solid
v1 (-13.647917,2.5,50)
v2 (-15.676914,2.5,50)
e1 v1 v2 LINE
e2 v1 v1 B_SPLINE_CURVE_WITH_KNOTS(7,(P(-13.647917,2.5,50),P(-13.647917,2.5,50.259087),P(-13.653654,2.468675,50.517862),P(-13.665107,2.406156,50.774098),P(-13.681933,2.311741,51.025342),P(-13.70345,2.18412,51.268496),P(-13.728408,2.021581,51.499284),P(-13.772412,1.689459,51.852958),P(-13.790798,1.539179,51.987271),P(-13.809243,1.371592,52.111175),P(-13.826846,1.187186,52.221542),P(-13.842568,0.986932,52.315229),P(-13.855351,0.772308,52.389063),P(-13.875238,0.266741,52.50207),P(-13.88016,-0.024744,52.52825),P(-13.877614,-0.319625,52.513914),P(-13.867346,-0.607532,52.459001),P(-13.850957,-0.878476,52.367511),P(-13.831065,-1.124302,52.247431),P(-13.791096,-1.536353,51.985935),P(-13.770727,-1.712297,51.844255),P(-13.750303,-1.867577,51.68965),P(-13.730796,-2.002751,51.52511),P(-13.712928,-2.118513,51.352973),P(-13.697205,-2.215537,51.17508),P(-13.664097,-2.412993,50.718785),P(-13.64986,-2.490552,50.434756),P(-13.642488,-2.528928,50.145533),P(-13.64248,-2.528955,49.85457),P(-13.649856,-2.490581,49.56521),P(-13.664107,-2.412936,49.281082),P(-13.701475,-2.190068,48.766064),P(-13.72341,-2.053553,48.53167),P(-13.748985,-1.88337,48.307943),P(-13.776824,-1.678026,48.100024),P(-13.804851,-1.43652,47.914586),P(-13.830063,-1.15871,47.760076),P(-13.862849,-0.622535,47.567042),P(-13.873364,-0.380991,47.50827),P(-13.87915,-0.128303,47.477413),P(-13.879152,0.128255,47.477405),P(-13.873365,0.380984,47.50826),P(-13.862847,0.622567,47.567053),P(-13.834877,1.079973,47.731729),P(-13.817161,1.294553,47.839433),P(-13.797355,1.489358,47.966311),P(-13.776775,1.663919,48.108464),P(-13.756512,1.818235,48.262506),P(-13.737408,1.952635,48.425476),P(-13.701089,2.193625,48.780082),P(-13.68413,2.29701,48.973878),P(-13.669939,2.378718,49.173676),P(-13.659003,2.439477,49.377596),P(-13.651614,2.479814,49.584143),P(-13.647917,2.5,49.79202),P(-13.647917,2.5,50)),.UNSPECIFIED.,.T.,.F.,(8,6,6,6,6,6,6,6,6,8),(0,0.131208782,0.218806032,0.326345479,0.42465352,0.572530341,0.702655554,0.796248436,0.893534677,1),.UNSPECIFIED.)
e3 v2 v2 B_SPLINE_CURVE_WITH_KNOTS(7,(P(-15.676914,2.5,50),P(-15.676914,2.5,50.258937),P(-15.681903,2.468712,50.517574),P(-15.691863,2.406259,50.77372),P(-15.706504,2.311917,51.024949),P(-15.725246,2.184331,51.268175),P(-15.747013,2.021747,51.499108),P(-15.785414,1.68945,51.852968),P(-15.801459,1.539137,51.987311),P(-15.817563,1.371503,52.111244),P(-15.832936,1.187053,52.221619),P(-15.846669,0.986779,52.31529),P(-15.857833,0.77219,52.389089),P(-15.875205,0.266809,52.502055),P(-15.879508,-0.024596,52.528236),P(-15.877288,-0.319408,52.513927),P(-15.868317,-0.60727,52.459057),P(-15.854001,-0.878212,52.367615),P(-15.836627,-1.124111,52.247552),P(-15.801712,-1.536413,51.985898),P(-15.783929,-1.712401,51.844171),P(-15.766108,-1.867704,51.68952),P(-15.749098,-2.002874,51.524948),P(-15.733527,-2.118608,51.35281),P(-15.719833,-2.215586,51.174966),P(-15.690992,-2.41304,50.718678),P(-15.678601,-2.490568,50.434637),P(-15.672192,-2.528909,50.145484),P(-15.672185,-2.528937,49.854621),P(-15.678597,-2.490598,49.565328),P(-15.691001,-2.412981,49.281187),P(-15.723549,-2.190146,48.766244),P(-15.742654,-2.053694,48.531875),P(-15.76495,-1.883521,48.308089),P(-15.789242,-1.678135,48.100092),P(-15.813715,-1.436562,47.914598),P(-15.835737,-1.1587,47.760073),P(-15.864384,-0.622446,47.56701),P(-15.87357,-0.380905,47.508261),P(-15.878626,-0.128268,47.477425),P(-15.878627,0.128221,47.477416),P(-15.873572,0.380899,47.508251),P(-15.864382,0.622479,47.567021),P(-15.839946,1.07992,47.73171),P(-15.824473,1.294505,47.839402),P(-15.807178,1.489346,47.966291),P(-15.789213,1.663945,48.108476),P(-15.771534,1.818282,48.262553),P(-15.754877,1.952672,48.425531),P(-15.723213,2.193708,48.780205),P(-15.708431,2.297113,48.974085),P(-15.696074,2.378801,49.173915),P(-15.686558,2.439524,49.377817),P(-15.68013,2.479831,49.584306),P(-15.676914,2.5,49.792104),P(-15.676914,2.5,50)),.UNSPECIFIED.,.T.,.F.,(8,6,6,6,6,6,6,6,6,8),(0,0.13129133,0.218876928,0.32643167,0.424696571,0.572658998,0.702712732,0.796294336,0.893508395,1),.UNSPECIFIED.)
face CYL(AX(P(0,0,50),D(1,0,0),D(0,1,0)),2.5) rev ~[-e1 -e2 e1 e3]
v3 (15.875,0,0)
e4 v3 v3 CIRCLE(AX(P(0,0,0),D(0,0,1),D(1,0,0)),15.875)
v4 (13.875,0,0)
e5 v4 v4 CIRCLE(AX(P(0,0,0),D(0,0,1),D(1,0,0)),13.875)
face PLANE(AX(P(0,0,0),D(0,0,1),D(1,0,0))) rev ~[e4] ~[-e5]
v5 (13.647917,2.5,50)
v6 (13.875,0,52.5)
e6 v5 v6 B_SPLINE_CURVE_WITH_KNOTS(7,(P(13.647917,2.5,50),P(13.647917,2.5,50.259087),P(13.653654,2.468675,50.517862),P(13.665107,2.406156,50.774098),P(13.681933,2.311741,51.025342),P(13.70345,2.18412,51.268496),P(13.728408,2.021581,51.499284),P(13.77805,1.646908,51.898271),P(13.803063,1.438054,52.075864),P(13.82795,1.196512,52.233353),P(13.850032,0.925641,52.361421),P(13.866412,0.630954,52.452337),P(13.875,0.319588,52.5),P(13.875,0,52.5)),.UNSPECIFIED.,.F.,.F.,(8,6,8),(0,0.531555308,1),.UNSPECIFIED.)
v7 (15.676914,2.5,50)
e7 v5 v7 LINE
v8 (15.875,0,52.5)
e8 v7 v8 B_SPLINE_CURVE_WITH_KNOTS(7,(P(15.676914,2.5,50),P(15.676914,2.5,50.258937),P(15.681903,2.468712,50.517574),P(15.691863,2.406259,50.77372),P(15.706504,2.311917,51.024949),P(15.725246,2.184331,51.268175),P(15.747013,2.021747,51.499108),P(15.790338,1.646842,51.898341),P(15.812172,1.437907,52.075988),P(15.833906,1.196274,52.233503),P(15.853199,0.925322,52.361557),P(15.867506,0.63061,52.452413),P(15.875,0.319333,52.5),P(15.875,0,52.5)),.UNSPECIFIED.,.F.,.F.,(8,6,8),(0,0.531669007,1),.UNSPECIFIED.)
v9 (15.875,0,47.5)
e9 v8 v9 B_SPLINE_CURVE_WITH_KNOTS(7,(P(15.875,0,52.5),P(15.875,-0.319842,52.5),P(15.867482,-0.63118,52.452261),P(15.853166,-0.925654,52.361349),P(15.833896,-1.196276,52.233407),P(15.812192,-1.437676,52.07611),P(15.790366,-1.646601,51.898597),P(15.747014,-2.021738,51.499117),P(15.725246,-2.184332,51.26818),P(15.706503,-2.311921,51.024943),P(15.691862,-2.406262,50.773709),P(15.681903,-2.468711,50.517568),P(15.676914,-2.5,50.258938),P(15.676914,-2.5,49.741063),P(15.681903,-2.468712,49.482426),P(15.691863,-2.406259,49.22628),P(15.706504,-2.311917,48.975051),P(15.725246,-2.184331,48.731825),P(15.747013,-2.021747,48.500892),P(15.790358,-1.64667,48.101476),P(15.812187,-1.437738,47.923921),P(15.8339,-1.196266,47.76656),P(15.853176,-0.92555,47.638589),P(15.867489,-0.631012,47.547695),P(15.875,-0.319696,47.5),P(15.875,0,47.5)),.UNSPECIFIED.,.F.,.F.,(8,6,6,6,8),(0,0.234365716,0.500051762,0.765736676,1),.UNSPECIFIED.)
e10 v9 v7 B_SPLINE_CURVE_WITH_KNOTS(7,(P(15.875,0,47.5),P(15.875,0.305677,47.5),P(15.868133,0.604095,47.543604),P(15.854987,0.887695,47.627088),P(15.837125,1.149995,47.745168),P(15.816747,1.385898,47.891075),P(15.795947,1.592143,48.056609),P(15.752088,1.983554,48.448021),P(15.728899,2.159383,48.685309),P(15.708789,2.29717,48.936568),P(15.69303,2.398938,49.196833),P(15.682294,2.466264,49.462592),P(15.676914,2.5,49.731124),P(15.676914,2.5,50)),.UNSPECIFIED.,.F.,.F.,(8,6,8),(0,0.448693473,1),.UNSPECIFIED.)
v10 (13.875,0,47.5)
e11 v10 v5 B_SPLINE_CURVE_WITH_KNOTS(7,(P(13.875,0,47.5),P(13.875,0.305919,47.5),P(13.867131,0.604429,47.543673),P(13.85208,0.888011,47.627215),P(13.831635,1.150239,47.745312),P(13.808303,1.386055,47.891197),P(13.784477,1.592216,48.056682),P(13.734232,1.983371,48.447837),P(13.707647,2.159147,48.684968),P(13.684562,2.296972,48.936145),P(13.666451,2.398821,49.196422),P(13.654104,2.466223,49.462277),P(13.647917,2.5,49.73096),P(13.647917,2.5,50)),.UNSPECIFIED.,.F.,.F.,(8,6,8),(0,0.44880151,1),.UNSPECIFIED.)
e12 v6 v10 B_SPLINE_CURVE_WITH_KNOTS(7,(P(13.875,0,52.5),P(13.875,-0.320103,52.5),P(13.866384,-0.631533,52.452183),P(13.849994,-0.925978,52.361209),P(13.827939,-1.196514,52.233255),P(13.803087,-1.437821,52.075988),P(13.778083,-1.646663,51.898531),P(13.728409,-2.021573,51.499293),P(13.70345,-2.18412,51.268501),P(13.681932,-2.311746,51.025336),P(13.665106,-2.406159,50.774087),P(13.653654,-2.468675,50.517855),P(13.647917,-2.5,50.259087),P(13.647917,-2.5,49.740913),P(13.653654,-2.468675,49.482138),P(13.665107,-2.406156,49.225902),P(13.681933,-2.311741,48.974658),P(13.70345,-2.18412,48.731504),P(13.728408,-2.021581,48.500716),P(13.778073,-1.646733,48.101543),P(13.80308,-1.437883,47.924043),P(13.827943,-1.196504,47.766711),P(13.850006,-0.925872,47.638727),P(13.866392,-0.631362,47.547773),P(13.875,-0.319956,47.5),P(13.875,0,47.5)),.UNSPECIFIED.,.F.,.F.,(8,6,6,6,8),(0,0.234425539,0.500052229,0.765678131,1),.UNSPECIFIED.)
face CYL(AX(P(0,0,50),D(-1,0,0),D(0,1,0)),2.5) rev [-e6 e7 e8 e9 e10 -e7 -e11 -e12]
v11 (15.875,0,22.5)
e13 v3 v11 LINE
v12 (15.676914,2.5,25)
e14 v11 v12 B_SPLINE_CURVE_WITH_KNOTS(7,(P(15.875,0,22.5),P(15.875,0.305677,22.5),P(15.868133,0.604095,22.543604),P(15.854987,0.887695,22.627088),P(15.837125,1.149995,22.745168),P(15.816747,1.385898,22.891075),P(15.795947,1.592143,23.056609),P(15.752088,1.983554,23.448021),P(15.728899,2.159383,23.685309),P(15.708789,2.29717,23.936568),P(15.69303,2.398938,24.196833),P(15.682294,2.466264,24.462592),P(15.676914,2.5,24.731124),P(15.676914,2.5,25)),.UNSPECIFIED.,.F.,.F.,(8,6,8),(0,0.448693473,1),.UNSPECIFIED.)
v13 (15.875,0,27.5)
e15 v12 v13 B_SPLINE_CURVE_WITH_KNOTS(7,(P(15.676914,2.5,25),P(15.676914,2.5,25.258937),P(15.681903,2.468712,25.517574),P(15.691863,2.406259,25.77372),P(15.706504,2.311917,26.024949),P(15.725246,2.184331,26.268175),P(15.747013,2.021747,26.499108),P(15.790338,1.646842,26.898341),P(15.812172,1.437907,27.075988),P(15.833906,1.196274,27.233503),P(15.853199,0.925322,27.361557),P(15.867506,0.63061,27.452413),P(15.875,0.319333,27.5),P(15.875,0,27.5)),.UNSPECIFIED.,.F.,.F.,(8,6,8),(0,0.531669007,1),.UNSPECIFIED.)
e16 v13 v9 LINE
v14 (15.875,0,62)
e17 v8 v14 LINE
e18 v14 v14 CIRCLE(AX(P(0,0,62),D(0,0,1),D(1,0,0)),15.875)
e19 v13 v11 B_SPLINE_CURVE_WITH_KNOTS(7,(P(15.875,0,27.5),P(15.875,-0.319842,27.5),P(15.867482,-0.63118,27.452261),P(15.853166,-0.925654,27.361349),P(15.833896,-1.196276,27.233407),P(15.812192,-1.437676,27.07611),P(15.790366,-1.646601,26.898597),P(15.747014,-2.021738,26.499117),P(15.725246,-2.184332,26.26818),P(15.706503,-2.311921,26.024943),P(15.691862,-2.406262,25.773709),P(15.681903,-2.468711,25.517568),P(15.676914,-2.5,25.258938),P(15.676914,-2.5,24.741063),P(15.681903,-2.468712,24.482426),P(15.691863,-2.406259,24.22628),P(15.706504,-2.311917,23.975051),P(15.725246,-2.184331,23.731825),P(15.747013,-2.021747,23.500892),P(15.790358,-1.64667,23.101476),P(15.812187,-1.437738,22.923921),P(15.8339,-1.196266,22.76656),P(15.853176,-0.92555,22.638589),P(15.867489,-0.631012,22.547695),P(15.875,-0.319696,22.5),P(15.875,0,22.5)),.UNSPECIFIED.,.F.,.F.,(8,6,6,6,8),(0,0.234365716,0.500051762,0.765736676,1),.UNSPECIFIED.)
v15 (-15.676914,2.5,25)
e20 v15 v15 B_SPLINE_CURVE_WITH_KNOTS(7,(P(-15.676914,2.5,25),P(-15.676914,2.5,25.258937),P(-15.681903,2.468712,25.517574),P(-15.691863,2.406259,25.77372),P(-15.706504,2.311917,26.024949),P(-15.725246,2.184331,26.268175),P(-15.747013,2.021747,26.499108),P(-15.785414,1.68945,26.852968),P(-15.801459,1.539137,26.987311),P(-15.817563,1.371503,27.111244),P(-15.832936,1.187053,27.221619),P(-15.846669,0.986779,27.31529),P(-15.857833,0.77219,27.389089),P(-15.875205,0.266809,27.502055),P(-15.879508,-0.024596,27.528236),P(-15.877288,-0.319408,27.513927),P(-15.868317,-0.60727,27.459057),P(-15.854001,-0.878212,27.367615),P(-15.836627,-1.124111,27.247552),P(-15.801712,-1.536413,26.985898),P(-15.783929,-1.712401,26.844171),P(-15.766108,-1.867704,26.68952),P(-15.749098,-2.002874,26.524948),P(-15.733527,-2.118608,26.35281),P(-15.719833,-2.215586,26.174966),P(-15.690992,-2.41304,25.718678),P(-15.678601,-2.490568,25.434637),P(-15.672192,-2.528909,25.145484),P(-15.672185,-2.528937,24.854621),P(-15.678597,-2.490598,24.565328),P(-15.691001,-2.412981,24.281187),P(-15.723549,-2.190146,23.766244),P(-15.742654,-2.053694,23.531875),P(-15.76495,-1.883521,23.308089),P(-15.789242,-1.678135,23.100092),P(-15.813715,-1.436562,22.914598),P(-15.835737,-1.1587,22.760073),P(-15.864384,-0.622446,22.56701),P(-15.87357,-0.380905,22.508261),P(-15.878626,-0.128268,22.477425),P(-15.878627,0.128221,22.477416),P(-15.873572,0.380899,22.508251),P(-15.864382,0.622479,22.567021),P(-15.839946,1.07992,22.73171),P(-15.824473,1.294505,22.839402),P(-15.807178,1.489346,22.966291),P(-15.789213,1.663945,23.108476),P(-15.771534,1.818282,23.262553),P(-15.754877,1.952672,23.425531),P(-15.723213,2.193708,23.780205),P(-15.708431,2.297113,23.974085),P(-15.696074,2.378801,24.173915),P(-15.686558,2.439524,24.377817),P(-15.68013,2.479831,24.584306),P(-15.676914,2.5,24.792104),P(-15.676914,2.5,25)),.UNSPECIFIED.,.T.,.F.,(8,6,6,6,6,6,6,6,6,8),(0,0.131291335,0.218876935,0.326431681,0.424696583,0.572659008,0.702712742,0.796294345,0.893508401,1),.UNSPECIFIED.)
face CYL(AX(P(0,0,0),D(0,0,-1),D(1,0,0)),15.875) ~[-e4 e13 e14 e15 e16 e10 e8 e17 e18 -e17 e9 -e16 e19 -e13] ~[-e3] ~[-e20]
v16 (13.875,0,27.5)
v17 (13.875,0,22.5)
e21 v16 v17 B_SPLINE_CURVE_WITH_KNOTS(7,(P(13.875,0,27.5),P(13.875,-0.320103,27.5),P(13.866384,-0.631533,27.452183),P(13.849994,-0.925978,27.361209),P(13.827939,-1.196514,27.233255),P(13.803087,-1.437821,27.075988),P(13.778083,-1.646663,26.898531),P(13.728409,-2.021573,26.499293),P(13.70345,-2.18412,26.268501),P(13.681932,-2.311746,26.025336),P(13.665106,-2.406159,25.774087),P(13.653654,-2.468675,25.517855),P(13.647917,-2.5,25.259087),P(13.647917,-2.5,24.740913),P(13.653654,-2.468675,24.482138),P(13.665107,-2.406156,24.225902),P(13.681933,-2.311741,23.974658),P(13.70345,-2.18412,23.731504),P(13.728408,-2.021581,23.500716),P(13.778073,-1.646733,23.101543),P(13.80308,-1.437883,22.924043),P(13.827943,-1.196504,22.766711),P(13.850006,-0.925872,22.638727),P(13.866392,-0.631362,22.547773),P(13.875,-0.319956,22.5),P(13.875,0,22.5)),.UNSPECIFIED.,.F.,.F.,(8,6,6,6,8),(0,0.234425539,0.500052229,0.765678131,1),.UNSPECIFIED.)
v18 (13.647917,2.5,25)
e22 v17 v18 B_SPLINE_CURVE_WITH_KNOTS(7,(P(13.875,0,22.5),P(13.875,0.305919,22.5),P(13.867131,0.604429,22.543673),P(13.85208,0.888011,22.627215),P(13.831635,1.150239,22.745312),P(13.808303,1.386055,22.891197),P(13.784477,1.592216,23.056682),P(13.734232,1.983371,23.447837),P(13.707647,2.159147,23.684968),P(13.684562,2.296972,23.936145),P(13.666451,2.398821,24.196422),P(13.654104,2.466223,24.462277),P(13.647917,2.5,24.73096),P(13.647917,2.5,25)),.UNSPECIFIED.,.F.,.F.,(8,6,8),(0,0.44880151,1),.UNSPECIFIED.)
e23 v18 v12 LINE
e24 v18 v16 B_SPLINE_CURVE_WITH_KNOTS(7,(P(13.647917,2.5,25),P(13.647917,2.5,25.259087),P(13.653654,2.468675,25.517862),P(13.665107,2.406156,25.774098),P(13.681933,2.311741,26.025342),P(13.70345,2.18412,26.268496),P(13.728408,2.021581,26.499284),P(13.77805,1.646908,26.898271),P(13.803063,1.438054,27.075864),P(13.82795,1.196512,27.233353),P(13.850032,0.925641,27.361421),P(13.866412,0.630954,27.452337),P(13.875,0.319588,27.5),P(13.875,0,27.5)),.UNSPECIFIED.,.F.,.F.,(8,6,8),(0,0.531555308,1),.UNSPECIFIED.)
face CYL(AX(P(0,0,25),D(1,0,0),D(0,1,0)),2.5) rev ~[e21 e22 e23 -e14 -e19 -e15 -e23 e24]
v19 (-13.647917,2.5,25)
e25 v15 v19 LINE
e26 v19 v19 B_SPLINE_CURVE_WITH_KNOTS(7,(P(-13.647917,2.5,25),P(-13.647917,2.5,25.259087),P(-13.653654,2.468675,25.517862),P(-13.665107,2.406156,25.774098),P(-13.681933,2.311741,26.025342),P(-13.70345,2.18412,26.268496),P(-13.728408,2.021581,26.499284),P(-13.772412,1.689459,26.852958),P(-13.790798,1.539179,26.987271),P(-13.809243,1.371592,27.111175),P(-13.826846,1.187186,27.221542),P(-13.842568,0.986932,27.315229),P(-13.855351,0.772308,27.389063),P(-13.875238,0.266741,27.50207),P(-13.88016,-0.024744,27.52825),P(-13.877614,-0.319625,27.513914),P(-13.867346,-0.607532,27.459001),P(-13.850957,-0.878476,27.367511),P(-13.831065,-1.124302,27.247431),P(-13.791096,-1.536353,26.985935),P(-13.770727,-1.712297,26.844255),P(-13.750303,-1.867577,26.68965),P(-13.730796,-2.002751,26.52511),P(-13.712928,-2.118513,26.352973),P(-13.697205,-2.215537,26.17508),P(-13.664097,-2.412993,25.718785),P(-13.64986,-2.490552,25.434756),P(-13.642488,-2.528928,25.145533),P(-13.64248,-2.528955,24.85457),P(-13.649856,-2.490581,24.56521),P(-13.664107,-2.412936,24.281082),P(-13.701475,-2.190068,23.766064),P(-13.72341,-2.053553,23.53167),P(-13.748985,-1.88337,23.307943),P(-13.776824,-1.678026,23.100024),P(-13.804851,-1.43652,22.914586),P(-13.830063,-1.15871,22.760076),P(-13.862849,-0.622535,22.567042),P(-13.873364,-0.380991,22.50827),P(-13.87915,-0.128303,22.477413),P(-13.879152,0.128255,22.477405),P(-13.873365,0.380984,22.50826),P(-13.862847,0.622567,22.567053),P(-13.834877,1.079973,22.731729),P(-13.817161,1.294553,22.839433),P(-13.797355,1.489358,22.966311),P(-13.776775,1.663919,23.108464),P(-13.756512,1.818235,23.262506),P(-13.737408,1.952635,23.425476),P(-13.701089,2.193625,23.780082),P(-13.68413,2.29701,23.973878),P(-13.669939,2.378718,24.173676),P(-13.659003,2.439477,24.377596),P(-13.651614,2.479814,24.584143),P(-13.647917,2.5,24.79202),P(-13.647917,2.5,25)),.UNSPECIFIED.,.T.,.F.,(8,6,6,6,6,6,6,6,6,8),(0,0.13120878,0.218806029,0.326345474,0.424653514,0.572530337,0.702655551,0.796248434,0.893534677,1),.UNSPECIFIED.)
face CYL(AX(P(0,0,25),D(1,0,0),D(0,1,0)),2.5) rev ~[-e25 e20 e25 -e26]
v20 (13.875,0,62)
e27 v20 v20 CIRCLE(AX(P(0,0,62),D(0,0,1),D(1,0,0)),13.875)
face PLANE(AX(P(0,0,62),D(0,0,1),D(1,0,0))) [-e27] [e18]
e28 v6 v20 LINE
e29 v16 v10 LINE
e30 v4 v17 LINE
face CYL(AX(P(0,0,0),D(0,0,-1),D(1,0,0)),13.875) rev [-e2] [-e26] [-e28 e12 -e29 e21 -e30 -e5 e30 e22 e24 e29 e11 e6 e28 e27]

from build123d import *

# Parameters (mm, degrees)
F0_R     = 15.875
F0_R_2   = 13.875
F1_DEPTH = 62
F2_R     = 2.5
F3_DEPTH = 25


with BuildPart() as f1:
    # F0 (on Top) → F1 (new body)
    with BuildSketch(Plane.XY):
        Circle(F0_R)
        Circle(F0_R_2, mode=Mode.SUBTRACT)
    extrude(amount=F1_DEPTH)

    # F2 (on Right) → F3 (cut, symmetric)
    with BuildSketch(Plane.YZ):
        with Locations((0, 50)):
            Circle(F2_R)
        with Locations((0, 25)):
            Circle(F2_R)
    extrude(amount=F3_DEPTH, both=True, mode=Mode.SUBTRACT)


solid = f1.part
